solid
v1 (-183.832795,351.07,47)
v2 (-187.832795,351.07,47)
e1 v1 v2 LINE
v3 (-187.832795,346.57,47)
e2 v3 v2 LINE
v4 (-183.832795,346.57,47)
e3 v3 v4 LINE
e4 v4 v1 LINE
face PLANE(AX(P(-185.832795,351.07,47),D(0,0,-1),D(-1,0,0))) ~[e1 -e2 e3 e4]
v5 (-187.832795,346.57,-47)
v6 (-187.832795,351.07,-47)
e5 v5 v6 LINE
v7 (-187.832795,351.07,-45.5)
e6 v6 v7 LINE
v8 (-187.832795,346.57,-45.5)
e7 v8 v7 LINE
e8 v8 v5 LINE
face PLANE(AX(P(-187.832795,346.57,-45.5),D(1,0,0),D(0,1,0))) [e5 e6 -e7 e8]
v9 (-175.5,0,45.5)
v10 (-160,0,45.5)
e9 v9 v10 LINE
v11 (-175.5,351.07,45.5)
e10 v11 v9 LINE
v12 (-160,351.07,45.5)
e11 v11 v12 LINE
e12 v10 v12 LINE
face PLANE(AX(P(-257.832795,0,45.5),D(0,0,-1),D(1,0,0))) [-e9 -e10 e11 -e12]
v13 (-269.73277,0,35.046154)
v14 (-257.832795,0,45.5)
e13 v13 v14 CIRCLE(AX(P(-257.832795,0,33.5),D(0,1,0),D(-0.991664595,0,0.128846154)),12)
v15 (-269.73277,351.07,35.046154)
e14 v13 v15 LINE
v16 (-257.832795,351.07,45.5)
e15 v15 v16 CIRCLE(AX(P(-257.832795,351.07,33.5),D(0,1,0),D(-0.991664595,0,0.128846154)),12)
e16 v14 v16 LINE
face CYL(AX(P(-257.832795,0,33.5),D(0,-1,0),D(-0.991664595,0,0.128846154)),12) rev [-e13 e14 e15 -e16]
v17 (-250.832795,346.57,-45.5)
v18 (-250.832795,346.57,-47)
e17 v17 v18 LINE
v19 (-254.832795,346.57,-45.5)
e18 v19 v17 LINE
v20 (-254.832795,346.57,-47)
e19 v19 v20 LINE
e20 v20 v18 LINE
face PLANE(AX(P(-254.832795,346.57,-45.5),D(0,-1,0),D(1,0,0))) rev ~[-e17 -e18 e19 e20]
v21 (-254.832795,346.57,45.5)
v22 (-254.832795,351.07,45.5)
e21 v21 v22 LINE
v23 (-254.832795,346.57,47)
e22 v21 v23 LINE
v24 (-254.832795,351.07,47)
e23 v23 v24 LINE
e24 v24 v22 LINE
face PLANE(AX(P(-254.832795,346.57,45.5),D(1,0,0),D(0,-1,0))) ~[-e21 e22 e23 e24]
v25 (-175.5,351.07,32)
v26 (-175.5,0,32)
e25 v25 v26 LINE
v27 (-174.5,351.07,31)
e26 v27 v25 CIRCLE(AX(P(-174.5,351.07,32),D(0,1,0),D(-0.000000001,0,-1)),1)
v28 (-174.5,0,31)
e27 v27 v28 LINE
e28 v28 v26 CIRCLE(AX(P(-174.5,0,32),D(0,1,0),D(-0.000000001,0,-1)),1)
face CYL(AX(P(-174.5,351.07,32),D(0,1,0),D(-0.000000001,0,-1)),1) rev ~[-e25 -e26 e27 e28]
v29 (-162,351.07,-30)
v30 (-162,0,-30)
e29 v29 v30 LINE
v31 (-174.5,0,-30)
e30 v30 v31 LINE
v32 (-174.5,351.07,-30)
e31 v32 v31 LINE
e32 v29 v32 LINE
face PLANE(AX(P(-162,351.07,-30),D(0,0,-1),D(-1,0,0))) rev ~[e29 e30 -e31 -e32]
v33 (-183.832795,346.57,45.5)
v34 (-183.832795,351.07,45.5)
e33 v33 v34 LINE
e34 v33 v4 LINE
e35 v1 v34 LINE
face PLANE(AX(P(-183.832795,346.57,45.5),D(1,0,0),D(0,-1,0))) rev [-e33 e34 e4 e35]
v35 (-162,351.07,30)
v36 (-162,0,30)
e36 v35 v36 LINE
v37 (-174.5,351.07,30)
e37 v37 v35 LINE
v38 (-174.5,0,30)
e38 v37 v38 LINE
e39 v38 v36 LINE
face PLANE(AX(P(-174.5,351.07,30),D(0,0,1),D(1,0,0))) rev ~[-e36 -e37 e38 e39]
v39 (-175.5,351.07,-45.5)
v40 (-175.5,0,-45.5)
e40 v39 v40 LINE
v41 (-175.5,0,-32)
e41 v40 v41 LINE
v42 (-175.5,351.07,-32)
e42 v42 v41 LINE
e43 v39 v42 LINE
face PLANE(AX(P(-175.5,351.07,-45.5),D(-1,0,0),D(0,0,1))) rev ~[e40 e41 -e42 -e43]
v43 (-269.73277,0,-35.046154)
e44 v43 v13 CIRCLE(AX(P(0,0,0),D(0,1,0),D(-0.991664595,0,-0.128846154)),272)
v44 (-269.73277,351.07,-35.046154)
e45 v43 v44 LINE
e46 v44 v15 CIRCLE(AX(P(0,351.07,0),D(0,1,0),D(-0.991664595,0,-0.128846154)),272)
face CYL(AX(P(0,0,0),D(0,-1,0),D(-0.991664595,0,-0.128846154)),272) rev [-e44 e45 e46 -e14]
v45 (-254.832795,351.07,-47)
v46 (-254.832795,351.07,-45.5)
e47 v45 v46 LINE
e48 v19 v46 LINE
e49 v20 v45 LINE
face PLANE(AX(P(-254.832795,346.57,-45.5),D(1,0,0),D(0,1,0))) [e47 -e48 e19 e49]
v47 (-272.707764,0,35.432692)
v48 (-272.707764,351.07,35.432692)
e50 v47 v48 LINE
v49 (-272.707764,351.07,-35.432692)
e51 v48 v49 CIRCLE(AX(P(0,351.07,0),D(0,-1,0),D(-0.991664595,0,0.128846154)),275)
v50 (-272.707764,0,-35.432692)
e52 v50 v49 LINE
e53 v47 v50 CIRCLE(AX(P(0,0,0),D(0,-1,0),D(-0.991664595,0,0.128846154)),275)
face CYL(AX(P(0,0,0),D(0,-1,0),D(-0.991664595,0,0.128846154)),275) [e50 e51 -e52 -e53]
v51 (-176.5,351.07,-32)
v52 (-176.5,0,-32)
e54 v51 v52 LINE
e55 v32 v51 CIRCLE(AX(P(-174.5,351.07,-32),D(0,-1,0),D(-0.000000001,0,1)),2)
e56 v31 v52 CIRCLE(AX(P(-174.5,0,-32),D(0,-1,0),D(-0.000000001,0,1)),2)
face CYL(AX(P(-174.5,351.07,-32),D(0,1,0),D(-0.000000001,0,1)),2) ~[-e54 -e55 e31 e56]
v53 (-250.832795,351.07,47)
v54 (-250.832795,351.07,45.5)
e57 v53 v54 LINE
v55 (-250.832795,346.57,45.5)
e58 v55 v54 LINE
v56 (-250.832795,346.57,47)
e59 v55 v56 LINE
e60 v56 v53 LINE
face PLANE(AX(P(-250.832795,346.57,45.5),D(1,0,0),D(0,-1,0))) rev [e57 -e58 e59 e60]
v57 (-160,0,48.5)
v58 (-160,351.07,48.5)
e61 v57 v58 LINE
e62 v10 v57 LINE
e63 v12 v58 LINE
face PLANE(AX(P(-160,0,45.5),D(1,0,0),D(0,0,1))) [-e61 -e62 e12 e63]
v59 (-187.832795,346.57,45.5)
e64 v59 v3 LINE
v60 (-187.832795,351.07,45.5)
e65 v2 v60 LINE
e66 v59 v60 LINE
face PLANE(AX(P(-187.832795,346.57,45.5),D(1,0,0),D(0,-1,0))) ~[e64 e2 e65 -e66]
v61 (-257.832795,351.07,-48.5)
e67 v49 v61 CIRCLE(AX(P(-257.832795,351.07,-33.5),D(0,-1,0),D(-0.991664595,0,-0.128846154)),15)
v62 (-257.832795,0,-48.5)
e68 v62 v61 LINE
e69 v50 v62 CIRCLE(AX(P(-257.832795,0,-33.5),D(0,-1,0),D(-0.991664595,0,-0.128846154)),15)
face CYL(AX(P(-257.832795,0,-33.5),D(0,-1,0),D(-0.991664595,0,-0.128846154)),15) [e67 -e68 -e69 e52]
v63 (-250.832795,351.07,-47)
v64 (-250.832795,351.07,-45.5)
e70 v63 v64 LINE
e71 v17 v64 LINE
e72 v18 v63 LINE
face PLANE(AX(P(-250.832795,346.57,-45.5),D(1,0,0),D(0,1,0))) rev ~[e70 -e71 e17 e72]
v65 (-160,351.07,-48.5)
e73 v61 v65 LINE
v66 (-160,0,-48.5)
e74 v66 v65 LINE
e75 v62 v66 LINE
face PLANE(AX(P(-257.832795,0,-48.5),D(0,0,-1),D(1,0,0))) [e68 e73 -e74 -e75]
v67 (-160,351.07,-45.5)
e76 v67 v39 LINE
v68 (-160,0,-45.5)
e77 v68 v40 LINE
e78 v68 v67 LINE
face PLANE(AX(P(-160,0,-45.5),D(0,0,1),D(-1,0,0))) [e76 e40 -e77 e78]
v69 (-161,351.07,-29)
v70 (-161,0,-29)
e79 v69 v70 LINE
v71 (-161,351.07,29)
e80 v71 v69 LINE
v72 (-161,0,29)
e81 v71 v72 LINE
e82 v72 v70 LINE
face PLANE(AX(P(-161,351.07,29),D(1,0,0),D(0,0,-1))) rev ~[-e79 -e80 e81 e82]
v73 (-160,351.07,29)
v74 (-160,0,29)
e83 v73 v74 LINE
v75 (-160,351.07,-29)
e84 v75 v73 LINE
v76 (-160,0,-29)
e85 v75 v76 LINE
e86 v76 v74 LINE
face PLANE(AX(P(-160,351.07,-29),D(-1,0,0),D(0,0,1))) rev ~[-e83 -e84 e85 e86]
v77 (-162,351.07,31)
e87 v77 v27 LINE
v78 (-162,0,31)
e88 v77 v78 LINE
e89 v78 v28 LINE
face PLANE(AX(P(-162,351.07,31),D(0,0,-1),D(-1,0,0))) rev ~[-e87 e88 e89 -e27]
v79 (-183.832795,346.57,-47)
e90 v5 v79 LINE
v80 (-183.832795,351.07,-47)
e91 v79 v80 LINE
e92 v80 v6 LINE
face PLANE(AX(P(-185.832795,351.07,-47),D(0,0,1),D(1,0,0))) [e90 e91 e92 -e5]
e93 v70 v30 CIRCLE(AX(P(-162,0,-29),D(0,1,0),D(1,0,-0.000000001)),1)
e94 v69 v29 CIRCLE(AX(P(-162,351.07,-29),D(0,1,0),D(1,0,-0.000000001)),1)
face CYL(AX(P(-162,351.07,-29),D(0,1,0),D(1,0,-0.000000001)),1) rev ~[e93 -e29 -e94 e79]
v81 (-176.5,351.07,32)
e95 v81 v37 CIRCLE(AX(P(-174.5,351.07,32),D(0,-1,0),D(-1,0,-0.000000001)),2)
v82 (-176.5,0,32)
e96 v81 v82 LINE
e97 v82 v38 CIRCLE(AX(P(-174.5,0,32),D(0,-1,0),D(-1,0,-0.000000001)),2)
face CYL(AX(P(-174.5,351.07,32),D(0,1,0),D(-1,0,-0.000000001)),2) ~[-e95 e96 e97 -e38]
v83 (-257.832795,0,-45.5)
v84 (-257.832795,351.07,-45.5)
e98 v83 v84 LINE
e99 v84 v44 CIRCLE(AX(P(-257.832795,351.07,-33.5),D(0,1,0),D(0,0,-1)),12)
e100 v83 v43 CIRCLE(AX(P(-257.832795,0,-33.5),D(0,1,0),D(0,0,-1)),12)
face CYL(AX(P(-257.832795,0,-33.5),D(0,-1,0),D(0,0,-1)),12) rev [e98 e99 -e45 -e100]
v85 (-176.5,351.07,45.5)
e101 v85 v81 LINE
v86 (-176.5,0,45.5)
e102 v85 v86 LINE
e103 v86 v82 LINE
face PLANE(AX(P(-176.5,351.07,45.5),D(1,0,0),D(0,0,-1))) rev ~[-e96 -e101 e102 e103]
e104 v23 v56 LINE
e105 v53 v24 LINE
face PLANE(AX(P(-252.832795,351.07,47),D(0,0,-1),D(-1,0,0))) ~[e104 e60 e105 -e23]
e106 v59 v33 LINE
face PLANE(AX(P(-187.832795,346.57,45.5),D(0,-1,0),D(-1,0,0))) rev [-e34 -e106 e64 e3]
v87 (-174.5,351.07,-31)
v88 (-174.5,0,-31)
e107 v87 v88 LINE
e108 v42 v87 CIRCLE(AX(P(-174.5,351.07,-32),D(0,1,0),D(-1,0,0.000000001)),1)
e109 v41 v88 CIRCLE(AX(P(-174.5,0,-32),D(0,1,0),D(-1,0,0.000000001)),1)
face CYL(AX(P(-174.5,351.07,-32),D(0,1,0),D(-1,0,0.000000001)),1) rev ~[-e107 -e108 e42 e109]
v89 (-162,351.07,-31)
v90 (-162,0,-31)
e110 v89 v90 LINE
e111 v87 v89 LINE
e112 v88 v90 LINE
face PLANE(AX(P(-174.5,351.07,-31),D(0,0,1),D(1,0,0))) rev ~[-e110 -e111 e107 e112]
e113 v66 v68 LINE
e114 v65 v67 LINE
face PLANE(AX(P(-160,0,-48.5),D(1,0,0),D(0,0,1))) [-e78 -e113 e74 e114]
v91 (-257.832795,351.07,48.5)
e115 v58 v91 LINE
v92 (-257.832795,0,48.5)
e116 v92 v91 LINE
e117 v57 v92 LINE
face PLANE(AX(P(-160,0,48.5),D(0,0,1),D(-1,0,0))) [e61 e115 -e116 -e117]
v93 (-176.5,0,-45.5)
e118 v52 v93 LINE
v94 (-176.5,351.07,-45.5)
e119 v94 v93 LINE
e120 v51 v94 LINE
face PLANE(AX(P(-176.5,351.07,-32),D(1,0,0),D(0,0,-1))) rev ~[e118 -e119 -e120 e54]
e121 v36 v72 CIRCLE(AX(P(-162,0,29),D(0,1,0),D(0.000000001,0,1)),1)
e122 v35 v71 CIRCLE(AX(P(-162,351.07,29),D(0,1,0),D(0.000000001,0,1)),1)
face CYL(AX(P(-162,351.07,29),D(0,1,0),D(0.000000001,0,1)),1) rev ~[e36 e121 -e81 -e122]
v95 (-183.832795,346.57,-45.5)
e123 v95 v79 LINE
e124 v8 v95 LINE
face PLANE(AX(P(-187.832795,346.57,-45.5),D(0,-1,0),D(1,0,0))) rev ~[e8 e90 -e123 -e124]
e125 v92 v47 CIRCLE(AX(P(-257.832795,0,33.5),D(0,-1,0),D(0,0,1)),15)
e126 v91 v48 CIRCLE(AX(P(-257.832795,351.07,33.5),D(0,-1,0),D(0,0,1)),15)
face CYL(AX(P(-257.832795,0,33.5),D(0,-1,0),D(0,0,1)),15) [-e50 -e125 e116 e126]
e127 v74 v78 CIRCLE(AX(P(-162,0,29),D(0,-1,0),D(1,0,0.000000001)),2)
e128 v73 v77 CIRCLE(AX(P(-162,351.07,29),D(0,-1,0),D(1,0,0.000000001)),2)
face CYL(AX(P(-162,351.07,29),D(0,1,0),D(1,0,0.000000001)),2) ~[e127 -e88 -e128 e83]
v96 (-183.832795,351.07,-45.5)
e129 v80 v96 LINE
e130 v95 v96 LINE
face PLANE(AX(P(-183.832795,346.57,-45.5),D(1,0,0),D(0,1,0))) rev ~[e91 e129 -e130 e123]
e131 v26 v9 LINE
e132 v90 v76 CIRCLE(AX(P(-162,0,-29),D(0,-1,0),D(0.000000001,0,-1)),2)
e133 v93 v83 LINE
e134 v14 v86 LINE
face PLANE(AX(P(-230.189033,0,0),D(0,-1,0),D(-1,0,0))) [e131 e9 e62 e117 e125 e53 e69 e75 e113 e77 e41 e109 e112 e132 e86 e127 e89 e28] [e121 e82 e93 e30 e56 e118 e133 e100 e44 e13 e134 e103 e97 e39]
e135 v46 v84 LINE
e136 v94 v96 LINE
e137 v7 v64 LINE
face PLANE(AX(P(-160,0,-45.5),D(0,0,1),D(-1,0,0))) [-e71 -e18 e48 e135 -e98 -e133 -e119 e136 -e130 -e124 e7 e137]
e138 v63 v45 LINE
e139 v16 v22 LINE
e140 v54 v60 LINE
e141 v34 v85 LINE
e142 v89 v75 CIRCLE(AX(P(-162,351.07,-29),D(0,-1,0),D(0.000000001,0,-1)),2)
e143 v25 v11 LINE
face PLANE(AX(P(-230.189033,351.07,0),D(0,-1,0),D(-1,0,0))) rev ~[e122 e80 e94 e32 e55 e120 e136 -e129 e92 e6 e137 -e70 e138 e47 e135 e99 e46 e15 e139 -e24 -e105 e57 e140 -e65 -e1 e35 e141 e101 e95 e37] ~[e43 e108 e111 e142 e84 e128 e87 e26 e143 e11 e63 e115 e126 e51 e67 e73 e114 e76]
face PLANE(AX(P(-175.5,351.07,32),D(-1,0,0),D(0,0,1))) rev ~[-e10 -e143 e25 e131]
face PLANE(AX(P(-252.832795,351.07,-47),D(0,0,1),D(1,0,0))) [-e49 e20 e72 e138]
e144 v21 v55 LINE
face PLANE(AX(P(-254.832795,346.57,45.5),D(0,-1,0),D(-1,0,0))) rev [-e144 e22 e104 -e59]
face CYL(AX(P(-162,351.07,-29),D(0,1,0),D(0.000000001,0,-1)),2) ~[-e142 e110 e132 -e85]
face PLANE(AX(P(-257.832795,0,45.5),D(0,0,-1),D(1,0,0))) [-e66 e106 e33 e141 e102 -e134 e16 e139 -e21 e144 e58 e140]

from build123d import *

# Parameters (mm, degrees)
BOSS_EXTRUDE1_DEPTH = 351.07
SKETCH2_W           = 4
SKETCH2_H           = 9
CUT_EXTRUDE1_DEPTH  = 1.5
BOSS_EXTRUDE2_DEPTH = 351.07


with BuildPart() as part:
    # Sketch1 → Boss-Extrude1 (new body)
    with BuildSketch(Plane(origin=(0, 0, 0), x_dir=(1, 0, 0), z_dir=(0, 1, 0))):
        with BuildLine():
            Line((-257.832794656, 48.5), (-160, 48.5))
            Line((-160, 48.5), (-160, 45.5))
            Line((-160, 45.5), (-257.832794656, 45.5))
            ThreePointArc((-257.832794656, 45.5), (-265.752584863, 42.515371489), (-269.732769794, 35.046153846))
            ThreePointArc((-269.732769794, 35.046153846), (-272, 0), (-269.732769794, -35.046153846))
            ThreePointArc((-269.732769794, -35.046153846), (-265.752584863, -42.515371489), (-257.832794656, -45.5))
            Line((-257.832794656, -45.5), (-160, -45.5))
            Line((-160, -45.5), (-160, -48.5))
            Line((-160, -48.5), (-257.832794656, -48.5))
            ThreePointArc((-257.832794656, -48.5), (-267.732532415, -44.769214361), (-272.707763578, -35.432692308))
            ThreePointArc((-272.707763578, -35.432692308), (-275, 0), (-272.707763578, 35.432692308))
            ThreePointArc((-272.707763578, 35.432692308), (-267.732532415, 44.769214361), (-257.832794656, 48.5))
        make_face()
    extrude(amount=BOSS_EXTRUDE1_DEPTH)

    # Sketch2 → Cut-Extrude1 (cut)
    with BuildSketch(Plane.XY.offset(-45.5)):
        with Locations((-252.832794656, 351.07)):
            Rectangle(SKETCH2_W, SKETCH2_H)
        with Locations((-185.832794656, 351.07)):
            Rectangle(SKETCH2_W, SKETCH2_H)
    cut_extrude1 = extrude(amount=-CUT_EXTRUDE1_DEPTH, mode=Mode.SUBTRACT)

    # Mirror1: Cut-Extrude1 across plane
    add(cut_extrude1.mirror(Plane.XY), mode=Mode.SUBTRACT)

    # Sketch3 → Boss-Extrude2 (add)
    with BuildSketch(Plane(origin=(0, 351.07, 0), x_dir=(1, 0, 0), z_dir=(0, 1, 0))):
        with BuildLine():
            Line((-176.5, -45.5), (-176.5, -32))
            ThreePointArc((-176.5, -32), (-175.914213562, -30.585786438), (-174.5, -30))
            Line((-174.5, -30), (-162, -30))
            ThreePointArc((-162, -30), (-161.292893219, -29.707106781), (-161, -29))
            Line((-161, -29), (-161, 29))
            ThreePointArc((-161, 29), (-161.292893219, 29.707106781), (-162, 30))
            Line((-162, 30), (-174.5, 30))
            ThreePointArc((-174.5, 30), (-175.914213562, 30.585786438), (-176.5, 32))
            Line((-176.5, 32), (-176.5, 45.5))
            Line((-176.5, 45.5), (-175.5, 45.5))
            Line((-175.5, 45.5), (-175.5, 32))
            ThreePointArc((-175.5, 32), (-175.207106781, 31.292893219), (-174.5, 31))
            Line((-174.5, 31), (-162, 31))
            ThreePointArc((-162, 31), (-160.585786438, 30.414213562), (-160, 29))
            Line((-160, 29), (-160, -29))
            ThreePointArc((-160, -29), (-160.585786438, -30.414213562), (-162, -31))
            Line((-162, -31), (-174.5, -31))
            ThreePointArc((-174.5, -31), (-175.207106781, -31.292893219), (-175.5, -32))
            Line((-175.5, -32), (-175.5, -45.5))
            Line((-175.5, -45.5), (-176.5, -45.5))
        make_face()
    extrude(amount=-BOSS_EXTRUDE2_DEPTH)


solid = part.part
